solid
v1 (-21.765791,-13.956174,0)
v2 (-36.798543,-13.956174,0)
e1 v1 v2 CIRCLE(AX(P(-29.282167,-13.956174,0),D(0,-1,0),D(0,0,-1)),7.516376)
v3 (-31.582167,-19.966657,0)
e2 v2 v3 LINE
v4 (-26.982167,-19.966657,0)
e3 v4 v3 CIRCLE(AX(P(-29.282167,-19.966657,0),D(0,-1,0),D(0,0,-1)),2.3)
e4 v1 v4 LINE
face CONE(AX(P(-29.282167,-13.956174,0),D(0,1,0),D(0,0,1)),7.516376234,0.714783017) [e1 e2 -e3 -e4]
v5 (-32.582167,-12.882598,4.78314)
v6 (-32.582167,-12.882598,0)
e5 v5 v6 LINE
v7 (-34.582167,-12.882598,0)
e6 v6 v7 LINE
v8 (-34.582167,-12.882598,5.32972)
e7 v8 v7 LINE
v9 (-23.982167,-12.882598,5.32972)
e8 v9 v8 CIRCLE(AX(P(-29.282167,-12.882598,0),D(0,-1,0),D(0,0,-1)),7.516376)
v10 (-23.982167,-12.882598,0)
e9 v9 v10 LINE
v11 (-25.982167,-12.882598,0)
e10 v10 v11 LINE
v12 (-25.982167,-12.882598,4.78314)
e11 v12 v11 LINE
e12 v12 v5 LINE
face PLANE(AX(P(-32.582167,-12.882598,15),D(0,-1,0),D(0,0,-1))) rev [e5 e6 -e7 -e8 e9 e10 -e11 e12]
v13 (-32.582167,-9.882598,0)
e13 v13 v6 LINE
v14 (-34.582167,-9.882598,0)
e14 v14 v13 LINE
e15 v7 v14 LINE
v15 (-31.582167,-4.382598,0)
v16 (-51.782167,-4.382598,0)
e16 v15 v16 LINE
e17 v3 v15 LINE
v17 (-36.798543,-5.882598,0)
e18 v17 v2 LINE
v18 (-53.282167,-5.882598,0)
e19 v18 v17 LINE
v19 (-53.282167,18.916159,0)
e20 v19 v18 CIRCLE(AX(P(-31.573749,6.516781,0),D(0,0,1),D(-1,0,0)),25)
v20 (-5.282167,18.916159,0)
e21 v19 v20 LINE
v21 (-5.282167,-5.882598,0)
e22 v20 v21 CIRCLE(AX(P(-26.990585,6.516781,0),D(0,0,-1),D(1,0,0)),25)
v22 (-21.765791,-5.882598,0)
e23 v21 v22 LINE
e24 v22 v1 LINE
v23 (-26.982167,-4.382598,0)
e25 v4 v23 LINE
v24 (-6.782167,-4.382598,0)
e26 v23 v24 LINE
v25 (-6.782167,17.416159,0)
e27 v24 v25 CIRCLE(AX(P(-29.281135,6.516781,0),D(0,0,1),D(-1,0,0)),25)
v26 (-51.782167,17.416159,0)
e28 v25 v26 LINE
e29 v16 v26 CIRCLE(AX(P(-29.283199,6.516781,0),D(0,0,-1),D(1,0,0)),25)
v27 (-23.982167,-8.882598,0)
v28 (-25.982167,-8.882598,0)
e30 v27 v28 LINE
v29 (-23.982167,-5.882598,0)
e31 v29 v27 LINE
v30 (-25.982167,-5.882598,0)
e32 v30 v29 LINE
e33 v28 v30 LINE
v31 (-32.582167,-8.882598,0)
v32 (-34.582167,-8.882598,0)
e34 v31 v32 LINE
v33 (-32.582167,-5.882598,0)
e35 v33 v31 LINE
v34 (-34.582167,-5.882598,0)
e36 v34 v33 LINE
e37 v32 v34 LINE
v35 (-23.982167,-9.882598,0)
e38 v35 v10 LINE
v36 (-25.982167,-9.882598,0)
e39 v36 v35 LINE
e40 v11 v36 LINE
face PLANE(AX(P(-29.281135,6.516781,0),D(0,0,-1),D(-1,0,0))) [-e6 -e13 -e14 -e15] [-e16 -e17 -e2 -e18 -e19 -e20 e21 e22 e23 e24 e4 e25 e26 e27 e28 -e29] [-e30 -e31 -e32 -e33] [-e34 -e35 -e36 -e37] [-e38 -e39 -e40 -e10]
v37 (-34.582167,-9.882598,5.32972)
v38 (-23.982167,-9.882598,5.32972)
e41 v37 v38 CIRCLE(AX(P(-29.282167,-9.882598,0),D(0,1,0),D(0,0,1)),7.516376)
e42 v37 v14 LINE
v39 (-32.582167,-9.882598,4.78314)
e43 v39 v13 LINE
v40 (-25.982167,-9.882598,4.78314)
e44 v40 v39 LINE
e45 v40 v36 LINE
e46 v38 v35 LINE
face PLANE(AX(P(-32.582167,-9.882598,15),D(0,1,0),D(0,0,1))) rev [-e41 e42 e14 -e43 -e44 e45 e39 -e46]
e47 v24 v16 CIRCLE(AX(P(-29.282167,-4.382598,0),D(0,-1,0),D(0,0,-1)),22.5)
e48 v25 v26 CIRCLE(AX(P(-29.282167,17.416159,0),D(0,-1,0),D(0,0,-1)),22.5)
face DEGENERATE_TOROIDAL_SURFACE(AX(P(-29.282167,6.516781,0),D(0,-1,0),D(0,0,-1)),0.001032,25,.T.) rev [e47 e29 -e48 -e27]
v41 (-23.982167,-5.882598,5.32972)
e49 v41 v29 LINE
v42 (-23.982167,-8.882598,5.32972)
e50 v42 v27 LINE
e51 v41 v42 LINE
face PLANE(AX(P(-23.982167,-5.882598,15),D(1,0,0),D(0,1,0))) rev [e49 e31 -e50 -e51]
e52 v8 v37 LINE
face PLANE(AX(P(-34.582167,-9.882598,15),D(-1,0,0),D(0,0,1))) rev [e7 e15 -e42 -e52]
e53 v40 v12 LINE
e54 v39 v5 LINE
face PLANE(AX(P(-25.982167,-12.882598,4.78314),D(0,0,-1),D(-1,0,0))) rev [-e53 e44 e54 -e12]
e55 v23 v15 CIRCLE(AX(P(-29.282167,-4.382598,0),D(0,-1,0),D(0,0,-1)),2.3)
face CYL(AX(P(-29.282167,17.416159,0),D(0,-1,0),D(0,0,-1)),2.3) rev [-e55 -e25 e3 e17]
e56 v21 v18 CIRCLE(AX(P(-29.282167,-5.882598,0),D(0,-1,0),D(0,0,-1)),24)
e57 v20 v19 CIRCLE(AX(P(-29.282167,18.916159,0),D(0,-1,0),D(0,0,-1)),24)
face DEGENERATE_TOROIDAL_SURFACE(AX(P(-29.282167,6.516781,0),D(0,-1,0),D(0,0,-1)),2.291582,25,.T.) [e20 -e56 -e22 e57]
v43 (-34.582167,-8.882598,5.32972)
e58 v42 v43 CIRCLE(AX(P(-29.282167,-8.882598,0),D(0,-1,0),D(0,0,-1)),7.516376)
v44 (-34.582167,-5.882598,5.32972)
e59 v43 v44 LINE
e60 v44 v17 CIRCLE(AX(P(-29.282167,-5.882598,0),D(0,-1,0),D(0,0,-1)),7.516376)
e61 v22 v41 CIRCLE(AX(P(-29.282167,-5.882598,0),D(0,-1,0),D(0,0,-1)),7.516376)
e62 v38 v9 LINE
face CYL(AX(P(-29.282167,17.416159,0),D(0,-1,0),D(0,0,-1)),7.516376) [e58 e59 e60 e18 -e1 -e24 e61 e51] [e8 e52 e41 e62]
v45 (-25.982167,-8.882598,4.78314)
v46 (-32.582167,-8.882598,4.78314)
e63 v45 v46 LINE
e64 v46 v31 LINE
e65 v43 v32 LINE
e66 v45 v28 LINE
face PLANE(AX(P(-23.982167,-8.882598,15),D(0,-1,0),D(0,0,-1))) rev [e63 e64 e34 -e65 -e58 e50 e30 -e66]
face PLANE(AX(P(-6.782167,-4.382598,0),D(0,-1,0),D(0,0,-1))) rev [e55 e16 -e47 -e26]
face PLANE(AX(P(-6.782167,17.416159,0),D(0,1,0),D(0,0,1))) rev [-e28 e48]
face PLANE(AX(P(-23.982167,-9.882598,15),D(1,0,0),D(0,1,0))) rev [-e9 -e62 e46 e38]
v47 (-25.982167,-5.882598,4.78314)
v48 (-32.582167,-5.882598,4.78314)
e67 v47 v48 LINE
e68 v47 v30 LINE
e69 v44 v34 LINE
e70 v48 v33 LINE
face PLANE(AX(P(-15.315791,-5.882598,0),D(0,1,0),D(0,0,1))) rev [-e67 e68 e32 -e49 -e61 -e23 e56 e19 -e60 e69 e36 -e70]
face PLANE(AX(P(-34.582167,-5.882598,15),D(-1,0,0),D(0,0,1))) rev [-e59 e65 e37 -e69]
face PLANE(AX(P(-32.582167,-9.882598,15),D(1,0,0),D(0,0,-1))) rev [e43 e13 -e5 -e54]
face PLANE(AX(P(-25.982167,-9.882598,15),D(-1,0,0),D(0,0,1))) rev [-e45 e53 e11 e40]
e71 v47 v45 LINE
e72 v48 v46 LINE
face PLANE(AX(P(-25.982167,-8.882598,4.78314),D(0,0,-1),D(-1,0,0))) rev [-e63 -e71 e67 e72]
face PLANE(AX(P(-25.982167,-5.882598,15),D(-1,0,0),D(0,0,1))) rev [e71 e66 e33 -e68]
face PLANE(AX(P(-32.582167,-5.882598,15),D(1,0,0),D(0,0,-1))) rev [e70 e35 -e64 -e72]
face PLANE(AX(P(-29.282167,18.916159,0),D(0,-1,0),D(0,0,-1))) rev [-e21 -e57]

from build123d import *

# Parameters (mm, degrees)
REVOLUCI_N1_ANGLE     = 180
CROQUIS2_W            = 2
CROQUIS2_H            = 3
CORTAR_EXTRUIR1_DEPTH = 15
CORTAR_EXTRUIR2_START = -6.6
CROQUIS3_W            = 7.076217781
CROQUIS3_H            = 3
CROQUIS3_W_2          = 6.688868885
CORTAR_EXTRUIR2_DEPTH = 6.6


with BuildPart() as part:
    # Croquis1 → Revolución1 (revolve)
    with BuildSketch(Plane.XY):
        with BuildLine():
            Line((-51.782166939, -4.382597623), (-31.582166939, -4.382597623))
            Line((-31.582166939, -4.382597623), (-31.582166939, -19.966657293))
            Line((-31.582166939, -19.966657293), (-36.798543174, -13.956174379))
            Line((-36.798543174, -13.956174379), (-36.798543174, -5.882597623))
            Line((-36.798543174, -5.882597623), (-43.248543174, -5.882597623))
            Line((-43.248543174, -5.882597623), (-53.282166939, -5.882597623))
            ThreePointArc((-53.282166939, -5.882597623), (-56.573748762, 6.516780598), (-53.282166939, 18.916158819))
            Line((-53.282166939, 18.916158819), (-29.282166939, 18.916158819))
            Line((-29.282166939, 18.916158819), (-29.282166939, 17.416158819))
            Line((-29.282166939, 17.416158819), (-51.782166939, 17.416158819))
            ThreePointArc((-51.782166939, 17.416158819), (-54.283199087, 6.516780598), (-51.782166939, -4.382597623))
        make_face()
    revolve(axis=Axis((-29.282166939, 17.416158819, 0), (0, 1, 0)), revolution_arc=REVOLUCI_N1_ANGLE)

    # Croquis2 → Cortar-Extruir1 (cut)
    with BuildSketch(Plane(origin=(0, 0, 0), x_dir=(-1, 0, 0), z_dir=(0, 0, -1))):
        with Locations((24.982166939, -7.382597623)):
            Rectangle(CROQUIS2_W, CROQUIS2_H)
        with Locations((33.582166939, -7.382597623)):
            Rectangle(CROQUIS2_W, CROQUIS2_H)
        with Locations((33.582166939, -11.382597623)):
            Rectangle(CROQUIS2_W, CROQUIS2_H)
        with Locations((24.982166939, -11.382597623)):
            Rectangle(CROQUIS2_W, CROQUIS2_H)
    extrude(amount=-CORTAR_EXTRUIR1_DEPTH, mode=Mode.SUBTRACT)

    # Croquis3 → Cortar-Extruir2 (cut)
    with BuildSketch(Plane.ZY.offset(32.582166939).offset(CORTAR_EXTRUIR2_START)):
        with Locations((8.321249271, -11.382597623)):
            Rectangle(CROQUIS3_W, CROQUIS3_H)
        with Locations((8.127574822, -7.382597623)):
            Rectangle(CROQUIS3_W_2, CROQUIS3_H)
    extrude(amount=CORTAR_EXTRUIR2_DEPTH, mode=Mode.SUBTRACT)


solid = part.part
